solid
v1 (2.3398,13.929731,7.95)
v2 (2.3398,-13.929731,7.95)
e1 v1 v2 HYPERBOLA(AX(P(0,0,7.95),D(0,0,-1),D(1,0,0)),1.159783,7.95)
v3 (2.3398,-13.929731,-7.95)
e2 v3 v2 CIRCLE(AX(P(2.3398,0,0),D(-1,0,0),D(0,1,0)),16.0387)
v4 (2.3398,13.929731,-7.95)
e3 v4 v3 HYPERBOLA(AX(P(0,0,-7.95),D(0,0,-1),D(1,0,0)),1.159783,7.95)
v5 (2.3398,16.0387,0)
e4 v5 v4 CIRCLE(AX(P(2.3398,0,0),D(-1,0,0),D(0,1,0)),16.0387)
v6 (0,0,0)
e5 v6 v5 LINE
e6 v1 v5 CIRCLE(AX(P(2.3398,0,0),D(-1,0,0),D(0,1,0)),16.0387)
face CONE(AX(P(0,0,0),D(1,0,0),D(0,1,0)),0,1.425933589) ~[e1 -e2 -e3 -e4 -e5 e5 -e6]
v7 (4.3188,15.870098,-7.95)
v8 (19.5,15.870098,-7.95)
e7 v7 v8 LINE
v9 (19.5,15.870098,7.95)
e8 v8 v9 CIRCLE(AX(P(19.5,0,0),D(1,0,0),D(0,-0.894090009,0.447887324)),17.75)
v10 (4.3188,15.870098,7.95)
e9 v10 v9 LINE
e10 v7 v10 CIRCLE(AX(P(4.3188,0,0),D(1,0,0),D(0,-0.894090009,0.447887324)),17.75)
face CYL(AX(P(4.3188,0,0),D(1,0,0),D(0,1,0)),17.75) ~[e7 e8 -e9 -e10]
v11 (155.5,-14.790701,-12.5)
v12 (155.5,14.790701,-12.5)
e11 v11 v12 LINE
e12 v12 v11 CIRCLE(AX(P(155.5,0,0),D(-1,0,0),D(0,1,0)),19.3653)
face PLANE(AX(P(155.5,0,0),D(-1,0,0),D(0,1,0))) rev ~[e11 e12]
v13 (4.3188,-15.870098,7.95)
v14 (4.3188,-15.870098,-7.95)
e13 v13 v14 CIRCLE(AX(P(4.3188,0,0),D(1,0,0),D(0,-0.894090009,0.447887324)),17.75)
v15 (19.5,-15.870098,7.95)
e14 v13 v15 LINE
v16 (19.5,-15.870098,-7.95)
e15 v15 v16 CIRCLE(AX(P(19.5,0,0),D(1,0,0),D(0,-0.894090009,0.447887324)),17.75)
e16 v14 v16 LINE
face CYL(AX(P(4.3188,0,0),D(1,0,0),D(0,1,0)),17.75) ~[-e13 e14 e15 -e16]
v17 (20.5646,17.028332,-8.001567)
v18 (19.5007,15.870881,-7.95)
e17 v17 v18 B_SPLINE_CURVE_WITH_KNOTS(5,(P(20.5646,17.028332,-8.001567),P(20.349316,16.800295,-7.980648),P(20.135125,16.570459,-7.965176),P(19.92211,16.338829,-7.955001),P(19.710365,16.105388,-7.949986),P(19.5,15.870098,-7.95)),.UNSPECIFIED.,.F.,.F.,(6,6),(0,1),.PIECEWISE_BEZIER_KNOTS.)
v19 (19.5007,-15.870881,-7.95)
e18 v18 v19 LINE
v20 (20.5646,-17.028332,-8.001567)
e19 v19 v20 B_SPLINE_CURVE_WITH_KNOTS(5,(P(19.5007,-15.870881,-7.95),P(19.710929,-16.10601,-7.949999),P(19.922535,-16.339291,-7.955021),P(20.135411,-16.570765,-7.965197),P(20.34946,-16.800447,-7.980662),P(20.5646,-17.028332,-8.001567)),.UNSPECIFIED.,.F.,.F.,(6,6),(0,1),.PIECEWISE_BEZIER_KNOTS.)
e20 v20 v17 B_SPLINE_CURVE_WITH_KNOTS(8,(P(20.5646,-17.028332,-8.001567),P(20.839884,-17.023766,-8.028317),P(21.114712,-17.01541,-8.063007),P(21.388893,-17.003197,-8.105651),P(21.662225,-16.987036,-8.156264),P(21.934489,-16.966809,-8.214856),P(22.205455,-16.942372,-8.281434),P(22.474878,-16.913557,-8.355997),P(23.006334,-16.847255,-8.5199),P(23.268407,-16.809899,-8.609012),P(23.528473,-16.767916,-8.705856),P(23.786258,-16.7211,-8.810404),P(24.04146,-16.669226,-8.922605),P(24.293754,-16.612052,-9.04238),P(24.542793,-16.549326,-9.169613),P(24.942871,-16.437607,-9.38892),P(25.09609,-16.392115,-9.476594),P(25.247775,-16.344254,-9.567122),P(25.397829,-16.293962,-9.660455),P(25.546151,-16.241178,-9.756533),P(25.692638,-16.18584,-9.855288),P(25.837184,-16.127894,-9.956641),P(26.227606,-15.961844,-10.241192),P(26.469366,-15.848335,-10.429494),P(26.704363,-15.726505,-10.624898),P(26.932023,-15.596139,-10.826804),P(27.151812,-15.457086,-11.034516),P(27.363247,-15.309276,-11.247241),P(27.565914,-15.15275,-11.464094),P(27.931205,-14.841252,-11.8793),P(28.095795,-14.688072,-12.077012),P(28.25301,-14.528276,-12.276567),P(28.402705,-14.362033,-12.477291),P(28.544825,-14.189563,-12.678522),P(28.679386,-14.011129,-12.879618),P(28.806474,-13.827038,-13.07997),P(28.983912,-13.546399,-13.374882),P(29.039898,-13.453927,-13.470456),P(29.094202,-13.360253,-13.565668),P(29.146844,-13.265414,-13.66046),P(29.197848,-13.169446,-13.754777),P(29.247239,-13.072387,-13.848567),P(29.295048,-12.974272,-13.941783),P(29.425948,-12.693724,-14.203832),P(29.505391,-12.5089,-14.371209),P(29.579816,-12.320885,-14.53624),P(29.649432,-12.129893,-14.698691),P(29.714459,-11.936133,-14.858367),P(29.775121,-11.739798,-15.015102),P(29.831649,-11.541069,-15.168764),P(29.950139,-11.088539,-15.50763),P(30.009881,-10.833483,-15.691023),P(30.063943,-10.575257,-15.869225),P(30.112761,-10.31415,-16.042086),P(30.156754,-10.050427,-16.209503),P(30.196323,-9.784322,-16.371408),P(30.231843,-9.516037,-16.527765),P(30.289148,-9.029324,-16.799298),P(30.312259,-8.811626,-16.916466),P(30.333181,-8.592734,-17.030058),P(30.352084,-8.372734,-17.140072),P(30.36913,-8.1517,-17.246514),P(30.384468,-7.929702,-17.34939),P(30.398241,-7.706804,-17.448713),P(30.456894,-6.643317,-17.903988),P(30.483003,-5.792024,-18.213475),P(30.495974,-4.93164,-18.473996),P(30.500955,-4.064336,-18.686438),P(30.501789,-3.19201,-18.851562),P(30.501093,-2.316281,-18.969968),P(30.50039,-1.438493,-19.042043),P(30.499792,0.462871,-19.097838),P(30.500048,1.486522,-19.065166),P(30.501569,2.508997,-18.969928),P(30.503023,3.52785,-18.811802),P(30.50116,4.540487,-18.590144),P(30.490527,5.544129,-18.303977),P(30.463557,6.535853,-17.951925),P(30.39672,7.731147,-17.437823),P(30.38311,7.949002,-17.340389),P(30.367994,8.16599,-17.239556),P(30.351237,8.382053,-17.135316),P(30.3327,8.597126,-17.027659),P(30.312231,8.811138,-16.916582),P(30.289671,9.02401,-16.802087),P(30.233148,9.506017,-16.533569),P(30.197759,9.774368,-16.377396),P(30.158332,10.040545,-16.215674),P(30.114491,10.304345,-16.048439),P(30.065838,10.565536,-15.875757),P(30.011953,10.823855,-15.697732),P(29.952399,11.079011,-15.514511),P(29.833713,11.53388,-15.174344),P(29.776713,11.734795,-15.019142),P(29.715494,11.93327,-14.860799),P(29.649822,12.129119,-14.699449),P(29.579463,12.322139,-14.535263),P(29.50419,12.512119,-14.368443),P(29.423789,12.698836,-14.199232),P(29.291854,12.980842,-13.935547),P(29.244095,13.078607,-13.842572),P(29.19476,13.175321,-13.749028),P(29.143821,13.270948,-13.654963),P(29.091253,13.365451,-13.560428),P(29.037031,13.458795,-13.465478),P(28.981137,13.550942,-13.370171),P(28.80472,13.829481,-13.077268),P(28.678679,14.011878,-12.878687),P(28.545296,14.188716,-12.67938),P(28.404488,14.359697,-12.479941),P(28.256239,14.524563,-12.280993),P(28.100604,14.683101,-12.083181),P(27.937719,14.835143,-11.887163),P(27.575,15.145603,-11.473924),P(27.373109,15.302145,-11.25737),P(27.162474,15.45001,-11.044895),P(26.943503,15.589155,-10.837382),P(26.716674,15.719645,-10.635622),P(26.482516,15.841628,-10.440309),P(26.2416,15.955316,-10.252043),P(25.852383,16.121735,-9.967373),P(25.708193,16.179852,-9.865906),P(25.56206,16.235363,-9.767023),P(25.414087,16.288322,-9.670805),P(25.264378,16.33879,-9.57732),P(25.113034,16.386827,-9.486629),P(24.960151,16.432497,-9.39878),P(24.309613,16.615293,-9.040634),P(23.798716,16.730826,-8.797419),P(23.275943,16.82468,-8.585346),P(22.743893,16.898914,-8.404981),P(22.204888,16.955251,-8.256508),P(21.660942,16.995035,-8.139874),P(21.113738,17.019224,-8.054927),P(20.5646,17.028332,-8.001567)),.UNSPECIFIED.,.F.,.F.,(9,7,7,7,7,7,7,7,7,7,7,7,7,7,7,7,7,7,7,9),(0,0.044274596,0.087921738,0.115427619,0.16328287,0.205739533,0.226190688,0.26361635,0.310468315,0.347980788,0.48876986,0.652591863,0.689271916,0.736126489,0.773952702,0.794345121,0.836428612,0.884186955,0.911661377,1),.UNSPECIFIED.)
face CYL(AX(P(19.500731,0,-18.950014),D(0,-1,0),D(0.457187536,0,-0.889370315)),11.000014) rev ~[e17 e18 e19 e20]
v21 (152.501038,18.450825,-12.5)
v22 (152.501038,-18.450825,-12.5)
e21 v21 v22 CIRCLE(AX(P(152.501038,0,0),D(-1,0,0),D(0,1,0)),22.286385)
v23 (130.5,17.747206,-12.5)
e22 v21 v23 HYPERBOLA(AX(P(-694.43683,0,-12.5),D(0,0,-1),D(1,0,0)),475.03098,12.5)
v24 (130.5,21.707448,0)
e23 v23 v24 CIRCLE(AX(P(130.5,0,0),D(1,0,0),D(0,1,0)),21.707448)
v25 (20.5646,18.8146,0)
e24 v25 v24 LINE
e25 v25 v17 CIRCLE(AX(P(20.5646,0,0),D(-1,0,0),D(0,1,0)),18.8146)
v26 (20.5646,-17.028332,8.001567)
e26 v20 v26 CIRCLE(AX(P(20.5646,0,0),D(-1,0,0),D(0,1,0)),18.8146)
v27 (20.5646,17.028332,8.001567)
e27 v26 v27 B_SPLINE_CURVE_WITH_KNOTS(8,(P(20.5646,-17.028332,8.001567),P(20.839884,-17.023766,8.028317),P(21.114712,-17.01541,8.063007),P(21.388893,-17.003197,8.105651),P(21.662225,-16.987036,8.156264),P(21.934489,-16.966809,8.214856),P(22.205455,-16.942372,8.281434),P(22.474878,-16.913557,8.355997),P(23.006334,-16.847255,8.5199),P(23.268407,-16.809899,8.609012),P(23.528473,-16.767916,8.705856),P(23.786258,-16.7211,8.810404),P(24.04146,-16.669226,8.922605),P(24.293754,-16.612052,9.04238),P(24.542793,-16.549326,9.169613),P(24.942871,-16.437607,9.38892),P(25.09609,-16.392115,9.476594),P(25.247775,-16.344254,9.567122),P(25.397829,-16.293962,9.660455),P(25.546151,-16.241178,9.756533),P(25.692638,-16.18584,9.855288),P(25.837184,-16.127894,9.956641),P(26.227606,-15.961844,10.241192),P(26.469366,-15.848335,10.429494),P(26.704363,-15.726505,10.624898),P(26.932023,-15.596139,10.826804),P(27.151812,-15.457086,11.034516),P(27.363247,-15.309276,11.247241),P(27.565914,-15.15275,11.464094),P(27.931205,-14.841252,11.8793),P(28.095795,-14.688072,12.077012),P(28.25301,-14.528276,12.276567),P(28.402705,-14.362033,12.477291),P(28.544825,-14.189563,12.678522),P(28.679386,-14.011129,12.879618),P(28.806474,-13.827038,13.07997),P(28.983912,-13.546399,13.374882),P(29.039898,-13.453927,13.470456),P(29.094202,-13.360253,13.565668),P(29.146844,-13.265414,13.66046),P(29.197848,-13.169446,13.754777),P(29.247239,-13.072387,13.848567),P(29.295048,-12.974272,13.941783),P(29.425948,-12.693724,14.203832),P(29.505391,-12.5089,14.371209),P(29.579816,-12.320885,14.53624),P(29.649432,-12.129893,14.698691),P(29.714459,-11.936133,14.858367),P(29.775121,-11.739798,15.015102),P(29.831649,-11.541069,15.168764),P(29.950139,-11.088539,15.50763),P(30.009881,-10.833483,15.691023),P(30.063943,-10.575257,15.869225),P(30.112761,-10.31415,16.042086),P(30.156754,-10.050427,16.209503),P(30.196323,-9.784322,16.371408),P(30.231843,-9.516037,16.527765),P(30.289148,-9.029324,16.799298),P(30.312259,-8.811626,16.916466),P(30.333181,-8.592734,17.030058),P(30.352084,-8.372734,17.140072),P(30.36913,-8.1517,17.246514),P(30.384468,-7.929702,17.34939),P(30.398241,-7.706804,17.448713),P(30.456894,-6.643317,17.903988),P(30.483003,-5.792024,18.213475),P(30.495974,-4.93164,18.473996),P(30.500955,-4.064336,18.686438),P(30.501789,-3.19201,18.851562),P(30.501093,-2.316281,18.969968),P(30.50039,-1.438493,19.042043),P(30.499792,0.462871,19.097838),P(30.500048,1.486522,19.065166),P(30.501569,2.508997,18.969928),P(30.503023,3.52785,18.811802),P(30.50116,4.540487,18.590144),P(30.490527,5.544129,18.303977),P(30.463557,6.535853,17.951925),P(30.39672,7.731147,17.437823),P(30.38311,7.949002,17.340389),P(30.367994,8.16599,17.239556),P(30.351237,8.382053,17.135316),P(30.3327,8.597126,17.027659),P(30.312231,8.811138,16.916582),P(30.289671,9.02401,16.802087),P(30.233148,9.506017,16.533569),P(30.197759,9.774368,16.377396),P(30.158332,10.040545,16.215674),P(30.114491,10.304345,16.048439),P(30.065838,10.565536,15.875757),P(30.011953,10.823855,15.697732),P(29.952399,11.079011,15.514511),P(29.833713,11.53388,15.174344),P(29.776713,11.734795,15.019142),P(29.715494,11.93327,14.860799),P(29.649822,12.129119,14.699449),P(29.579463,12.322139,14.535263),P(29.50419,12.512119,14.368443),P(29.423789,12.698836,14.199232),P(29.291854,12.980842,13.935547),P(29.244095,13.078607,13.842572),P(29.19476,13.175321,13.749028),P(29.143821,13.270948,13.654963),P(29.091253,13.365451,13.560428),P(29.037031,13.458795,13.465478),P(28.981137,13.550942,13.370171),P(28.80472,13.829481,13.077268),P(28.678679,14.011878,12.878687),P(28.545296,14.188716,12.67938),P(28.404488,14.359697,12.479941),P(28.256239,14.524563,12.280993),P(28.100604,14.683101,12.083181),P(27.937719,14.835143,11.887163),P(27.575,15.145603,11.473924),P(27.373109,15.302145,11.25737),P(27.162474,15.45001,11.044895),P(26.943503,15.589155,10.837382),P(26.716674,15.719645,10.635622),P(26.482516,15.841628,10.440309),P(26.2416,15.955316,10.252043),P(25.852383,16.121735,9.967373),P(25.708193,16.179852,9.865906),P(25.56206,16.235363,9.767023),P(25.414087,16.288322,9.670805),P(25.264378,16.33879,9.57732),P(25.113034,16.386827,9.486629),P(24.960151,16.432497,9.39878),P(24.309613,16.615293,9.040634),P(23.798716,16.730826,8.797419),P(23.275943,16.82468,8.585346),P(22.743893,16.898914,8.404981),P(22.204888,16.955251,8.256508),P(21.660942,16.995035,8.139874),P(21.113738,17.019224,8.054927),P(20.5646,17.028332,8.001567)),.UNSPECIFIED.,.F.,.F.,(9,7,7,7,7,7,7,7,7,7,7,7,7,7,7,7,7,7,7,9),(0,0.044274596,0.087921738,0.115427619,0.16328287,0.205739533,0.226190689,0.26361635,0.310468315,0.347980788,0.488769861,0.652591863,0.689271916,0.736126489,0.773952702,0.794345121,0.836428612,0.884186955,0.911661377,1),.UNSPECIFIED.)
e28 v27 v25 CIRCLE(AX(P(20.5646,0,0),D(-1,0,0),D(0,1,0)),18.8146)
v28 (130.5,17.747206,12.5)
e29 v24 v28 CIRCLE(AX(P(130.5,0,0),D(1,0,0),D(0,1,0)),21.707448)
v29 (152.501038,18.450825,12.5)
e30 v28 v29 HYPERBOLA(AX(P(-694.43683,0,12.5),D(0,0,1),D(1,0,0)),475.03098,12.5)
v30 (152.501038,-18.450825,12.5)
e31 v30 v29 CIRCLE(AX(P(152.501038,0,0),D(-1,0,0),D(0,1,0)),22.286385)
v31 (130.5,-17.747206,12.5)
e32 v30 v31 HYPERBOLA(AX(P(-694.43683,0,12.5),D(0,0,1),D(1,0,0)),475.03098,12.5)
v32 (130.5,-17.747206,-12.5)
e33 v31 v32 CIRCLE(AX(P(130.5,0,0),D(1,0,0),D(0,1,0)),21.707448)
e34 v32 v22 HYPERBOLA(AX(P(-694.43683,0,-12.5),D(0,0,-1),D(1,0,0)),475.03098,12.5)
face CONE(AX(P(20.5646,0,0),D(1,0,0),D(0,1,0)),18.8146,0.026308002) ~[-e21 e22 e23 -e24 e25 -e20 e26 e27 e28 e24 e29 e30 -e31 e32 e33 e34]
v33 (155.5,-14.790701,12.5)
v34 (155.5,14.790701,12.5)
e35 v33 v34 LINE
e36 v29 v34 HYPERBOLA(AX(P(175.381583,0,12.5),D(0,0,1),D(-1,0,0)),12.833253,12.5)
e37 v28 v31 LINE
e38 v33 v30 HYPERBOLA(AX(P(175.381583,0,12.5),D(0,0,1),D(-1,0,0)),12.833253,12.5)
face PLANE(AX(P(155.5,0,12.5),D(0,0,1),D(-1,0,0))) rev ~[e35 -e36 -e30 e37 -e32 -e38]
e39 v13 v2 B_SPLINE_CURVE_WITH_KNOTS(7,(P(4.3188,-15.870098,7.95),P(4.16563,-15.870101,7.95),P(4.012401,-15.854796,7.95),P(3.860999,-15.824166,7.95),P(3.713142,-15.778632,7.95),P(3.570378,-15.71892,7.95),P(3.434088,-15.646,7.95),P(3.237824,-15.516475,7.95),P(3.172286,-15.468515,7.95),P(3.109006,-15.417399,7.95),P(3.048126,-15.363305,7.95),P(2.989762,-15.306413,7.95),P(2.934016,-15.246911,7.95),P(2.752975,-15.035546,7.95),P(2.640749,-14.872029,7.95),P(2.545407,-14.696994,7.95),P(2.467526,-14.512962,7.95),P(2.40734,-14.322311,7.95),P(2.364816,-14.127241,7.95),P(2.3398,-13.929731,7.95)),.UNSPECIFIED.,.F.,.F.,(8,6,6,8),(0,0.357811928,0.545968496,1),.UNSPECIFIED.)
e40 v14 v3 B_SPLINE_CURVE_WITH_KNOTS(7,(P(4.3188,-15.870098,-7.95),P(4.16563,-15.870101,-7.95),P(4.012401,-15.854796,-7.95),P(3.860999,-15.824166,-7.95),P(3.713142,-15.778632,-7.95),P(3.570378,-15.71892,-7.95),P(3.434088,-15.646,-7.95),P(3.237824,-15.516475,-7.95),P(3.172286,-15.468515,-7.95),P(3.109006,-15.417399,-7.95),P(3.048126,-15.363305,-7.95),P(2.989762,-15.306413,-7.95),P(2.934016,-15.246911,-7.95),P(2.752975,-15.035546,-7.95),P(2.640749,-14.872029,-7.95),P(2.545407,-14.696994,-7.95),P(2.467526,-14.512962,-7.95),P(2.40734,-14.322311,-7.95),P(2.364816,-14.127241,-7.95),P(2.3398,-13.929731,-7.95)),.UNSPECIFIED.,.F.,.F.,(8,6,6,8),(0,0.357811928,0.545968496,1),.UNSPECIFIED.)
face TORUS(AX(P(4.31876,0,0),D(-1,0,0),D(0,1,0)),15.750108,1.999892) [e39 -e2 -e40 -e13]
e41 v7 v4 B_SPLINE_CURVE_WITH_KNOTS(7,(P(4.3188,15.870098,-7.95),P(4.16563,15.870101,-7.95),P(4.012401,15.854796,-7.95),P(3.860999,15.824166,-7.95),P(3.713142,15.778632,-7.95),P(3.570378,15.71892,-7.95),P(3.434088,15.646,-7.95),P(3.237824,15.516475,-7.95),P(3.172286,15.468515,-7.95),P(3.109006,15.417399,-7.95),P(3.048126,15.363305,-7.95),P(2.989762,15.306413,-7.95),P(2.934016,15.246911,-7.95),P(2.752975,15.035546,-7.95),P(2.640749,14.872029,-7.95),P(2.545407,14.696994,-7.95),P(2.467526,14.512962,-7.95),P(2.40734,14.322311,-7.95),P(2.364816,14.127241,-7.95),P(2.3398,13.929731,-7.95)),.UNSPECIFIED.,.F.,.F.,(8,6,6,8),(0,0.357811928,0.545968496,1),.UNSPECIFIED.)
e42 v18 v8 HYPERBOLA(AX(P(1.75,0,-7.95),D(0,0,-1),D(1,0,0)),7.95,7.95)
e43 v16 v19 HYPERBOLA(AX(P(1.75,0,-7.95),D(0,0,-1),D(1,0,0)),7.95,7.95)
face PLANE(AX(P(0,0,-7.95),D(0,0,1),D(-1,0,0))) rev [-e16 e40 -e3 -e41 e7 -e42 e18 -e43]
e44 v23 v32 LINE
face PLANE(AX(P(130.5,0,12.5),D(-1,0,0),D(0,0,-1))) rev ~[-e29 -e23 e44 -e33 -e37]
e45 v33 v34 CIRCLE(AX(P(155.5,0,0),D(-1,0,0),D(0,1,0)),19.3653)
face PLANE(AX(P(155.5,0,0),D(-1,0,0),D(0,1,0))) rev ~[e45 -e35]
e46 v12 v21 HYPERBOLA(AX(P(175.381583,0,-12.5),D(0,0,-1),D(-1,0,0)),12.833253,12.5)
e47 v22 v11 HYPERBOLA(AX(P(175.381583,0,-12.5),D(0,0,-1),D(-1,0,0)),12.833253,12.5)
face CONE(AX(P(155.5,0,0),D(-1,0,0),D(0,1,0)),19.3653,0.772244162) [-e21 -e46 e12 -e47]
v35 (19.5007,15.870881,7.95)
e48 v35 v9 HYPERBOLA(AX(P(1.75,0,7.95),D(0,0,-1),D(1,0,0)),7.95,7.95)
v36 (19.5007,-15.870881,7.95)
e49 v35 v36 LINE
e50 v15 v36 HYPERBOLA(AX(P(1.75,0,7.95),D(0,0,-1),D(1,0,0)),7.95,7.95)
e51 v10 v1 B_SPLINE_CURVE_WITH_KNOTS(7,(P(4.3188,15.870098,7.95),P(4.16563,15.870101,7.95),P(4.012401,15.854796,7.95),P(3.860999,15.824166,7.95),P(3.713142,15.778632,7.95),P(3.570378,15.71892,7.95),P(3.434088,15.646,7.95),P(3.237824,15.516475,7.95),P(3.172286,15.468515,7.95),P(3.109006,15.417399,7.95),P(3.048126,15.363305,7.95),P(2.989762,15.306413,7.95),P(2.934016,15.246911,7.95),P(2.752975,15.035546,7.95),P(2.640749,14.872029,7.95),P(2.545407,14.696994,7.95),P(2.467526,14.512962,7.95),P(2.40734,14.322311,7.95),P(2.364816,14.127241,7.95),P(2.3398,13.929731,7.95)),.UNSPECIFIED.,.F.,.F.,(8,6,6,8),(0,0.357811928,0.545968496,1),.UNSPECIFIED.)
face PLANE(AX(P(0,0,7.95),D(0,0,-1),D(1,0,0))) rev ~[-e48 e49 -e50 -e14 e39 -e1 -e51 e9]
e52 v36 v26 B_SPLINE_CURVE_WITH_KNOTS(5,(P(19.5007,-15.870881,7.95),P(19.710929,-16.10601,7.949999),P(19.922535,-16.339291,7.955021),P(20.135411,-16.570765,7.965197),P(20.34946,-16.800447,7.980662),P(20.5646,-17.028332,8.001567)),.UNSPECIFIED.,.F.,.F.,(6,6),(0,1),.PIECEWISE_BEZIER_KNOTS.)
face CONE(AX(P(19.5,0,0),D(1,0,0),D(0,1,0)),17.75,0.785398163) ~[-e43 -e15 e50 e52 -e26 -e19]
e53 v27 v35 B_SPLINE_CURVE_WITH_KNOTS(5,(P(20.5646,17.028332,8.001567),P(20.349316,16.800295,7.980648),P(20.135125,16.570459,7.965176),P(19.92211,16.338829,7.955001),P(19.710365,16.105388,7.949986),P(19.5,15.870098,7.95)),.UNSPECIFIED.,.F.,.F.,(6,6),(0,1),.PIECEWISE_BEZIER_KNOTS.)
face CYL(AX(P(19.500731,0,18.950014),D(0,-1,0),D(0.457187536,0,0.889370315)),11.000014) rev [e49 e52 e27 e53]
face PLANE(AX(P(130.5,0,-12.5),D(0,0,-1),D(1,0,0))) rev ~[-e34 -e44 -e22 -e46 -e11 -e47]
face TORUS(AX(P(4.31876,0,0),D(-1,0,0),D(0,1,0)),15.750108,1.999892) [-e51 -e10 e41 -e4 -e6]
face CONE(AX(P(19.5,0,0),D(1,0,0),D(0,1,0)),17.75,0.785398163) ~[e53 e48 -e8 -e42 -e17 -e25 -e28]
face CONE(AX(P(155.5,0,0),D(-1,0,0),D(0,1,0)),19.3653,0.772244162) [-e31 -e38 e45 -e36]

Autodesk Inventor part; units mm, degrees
ref_plane "YZ Plane" through (0, 0, 0) normal (1, 0, 0) x (0, 1, 0)
ref_plane "XZ Plane" through (0, 0, 0) normal (0, 1, 0) x (-1, 0, 0)
ref_plane "XY Plane" through (0, 0, 0) normal (0, 0, 1) x (1, 0, 0)
sketch "Sketch1" plane through (0, 0, 0) normal (0, 0, 1) x (1, 0, 0)
  line L0 (0, 0) -> (0, 18.2735) construction
  line L1 (0, 18.2735) -> (20.5646, 18.8146) construction
  line L2 (155.5, 22.3653) -> (155.5, 0)
  line L3 (155.5, 0) -> (0, 0)
  line L4 (149.2, 22.1995) -> (149.2, 0) construction
  line L5 (0, 0) -> (2.3398, 16.0387)
  line L6 (4.3188, 17.75) -> (19.5, 17.75)
  line L7 (19.5, 17.75) -> (20.5646, 18.8146)
  arc A0 (4.3188, 17.75) -> (2.3398, 16.0387) centre (4.3188, 15.75) ccw
  line L8 (20.5646, 18.8146) -> (155.5, 22.3653)
  dimension "d0" = 36.547
  dimension "d1" = 155.5
  dimension "d2" = 44.399
  dimension "d3" = 149.2
  dimension "d4" = 35.5
  dimension "d5" = 45
  dimension "d6" = 19.5
  dimension "d7" = 2
  dimension "d8" = 8.3
revolve "Revolution1" add sketch "Sketch1" angle 360 about axis through (155.5, 0, 0) along (-1, 0, 0)
sketch "Sketch2" plane through (0, 0, 0) normal (0, 1, 0) x (-1, 0, 0)
  line L0 (0, 7.95) -> (-19.5007, 7.95)
  arc A0 (-24.5298, 28.7331) -> (-19.5007, 7.95) centre (-19.5007, 18.95) ccw
  line L1 (-24.5298, 28.7331) -> (0, 28.7331)
  line L2 (0, 28.7331) -> (0, 7.95)
  line L3 (31.1, 0) -> (-186.6, 0) projected
  line L4 (-20.5646, 18.8146) -> (-155.5, 22.3653) construction
  point P0 (0, 0)
  point P1 (-30.5, 19.0761)
  dimension "d10" = 15.9
  dimension "d11" = 11
  dimension "d12" = 30.5
extrude "Extrusion1" cut sketch "Sketch2" along normal through all both and the other way through all
mirror "Mirror1" about plane through (0, 0, 0) normal (0, 0, 1) of "Extrusion1"
chamfer "Chamfer1" distance 3 angle 45 1 edges at (155.5, -22.3653, 0)
sketch "Sketch3" plane through (0, 0, 0) normal (0, 1, 0) x (-1, 0, 0)
  line L0 (-155.5, 12.5) -> (-130.5, 12.5)
  line L1 (-130.5, 12.5) -> (-130.5, -12.5)
  line L2 (-130.5, -12.5) -> (-155.5, -12.5)
  line L3 (-155.5, -12.5) -> (-155.5, 12.5)
  line L4 (-155.5, -19.3653) -> (-155.5, 19.3653) construction
  point P0 (0, 0)
  point P1 (-155.5, 0)
  dimension "d18" = 25
  dimension "d19" = 25
extrude "Extrusion2" cut sketch "Sketch3" along normal through all both and the other way through all
properties part number "Part005.Morse 5 shaft" material "Steel, Alloy"
